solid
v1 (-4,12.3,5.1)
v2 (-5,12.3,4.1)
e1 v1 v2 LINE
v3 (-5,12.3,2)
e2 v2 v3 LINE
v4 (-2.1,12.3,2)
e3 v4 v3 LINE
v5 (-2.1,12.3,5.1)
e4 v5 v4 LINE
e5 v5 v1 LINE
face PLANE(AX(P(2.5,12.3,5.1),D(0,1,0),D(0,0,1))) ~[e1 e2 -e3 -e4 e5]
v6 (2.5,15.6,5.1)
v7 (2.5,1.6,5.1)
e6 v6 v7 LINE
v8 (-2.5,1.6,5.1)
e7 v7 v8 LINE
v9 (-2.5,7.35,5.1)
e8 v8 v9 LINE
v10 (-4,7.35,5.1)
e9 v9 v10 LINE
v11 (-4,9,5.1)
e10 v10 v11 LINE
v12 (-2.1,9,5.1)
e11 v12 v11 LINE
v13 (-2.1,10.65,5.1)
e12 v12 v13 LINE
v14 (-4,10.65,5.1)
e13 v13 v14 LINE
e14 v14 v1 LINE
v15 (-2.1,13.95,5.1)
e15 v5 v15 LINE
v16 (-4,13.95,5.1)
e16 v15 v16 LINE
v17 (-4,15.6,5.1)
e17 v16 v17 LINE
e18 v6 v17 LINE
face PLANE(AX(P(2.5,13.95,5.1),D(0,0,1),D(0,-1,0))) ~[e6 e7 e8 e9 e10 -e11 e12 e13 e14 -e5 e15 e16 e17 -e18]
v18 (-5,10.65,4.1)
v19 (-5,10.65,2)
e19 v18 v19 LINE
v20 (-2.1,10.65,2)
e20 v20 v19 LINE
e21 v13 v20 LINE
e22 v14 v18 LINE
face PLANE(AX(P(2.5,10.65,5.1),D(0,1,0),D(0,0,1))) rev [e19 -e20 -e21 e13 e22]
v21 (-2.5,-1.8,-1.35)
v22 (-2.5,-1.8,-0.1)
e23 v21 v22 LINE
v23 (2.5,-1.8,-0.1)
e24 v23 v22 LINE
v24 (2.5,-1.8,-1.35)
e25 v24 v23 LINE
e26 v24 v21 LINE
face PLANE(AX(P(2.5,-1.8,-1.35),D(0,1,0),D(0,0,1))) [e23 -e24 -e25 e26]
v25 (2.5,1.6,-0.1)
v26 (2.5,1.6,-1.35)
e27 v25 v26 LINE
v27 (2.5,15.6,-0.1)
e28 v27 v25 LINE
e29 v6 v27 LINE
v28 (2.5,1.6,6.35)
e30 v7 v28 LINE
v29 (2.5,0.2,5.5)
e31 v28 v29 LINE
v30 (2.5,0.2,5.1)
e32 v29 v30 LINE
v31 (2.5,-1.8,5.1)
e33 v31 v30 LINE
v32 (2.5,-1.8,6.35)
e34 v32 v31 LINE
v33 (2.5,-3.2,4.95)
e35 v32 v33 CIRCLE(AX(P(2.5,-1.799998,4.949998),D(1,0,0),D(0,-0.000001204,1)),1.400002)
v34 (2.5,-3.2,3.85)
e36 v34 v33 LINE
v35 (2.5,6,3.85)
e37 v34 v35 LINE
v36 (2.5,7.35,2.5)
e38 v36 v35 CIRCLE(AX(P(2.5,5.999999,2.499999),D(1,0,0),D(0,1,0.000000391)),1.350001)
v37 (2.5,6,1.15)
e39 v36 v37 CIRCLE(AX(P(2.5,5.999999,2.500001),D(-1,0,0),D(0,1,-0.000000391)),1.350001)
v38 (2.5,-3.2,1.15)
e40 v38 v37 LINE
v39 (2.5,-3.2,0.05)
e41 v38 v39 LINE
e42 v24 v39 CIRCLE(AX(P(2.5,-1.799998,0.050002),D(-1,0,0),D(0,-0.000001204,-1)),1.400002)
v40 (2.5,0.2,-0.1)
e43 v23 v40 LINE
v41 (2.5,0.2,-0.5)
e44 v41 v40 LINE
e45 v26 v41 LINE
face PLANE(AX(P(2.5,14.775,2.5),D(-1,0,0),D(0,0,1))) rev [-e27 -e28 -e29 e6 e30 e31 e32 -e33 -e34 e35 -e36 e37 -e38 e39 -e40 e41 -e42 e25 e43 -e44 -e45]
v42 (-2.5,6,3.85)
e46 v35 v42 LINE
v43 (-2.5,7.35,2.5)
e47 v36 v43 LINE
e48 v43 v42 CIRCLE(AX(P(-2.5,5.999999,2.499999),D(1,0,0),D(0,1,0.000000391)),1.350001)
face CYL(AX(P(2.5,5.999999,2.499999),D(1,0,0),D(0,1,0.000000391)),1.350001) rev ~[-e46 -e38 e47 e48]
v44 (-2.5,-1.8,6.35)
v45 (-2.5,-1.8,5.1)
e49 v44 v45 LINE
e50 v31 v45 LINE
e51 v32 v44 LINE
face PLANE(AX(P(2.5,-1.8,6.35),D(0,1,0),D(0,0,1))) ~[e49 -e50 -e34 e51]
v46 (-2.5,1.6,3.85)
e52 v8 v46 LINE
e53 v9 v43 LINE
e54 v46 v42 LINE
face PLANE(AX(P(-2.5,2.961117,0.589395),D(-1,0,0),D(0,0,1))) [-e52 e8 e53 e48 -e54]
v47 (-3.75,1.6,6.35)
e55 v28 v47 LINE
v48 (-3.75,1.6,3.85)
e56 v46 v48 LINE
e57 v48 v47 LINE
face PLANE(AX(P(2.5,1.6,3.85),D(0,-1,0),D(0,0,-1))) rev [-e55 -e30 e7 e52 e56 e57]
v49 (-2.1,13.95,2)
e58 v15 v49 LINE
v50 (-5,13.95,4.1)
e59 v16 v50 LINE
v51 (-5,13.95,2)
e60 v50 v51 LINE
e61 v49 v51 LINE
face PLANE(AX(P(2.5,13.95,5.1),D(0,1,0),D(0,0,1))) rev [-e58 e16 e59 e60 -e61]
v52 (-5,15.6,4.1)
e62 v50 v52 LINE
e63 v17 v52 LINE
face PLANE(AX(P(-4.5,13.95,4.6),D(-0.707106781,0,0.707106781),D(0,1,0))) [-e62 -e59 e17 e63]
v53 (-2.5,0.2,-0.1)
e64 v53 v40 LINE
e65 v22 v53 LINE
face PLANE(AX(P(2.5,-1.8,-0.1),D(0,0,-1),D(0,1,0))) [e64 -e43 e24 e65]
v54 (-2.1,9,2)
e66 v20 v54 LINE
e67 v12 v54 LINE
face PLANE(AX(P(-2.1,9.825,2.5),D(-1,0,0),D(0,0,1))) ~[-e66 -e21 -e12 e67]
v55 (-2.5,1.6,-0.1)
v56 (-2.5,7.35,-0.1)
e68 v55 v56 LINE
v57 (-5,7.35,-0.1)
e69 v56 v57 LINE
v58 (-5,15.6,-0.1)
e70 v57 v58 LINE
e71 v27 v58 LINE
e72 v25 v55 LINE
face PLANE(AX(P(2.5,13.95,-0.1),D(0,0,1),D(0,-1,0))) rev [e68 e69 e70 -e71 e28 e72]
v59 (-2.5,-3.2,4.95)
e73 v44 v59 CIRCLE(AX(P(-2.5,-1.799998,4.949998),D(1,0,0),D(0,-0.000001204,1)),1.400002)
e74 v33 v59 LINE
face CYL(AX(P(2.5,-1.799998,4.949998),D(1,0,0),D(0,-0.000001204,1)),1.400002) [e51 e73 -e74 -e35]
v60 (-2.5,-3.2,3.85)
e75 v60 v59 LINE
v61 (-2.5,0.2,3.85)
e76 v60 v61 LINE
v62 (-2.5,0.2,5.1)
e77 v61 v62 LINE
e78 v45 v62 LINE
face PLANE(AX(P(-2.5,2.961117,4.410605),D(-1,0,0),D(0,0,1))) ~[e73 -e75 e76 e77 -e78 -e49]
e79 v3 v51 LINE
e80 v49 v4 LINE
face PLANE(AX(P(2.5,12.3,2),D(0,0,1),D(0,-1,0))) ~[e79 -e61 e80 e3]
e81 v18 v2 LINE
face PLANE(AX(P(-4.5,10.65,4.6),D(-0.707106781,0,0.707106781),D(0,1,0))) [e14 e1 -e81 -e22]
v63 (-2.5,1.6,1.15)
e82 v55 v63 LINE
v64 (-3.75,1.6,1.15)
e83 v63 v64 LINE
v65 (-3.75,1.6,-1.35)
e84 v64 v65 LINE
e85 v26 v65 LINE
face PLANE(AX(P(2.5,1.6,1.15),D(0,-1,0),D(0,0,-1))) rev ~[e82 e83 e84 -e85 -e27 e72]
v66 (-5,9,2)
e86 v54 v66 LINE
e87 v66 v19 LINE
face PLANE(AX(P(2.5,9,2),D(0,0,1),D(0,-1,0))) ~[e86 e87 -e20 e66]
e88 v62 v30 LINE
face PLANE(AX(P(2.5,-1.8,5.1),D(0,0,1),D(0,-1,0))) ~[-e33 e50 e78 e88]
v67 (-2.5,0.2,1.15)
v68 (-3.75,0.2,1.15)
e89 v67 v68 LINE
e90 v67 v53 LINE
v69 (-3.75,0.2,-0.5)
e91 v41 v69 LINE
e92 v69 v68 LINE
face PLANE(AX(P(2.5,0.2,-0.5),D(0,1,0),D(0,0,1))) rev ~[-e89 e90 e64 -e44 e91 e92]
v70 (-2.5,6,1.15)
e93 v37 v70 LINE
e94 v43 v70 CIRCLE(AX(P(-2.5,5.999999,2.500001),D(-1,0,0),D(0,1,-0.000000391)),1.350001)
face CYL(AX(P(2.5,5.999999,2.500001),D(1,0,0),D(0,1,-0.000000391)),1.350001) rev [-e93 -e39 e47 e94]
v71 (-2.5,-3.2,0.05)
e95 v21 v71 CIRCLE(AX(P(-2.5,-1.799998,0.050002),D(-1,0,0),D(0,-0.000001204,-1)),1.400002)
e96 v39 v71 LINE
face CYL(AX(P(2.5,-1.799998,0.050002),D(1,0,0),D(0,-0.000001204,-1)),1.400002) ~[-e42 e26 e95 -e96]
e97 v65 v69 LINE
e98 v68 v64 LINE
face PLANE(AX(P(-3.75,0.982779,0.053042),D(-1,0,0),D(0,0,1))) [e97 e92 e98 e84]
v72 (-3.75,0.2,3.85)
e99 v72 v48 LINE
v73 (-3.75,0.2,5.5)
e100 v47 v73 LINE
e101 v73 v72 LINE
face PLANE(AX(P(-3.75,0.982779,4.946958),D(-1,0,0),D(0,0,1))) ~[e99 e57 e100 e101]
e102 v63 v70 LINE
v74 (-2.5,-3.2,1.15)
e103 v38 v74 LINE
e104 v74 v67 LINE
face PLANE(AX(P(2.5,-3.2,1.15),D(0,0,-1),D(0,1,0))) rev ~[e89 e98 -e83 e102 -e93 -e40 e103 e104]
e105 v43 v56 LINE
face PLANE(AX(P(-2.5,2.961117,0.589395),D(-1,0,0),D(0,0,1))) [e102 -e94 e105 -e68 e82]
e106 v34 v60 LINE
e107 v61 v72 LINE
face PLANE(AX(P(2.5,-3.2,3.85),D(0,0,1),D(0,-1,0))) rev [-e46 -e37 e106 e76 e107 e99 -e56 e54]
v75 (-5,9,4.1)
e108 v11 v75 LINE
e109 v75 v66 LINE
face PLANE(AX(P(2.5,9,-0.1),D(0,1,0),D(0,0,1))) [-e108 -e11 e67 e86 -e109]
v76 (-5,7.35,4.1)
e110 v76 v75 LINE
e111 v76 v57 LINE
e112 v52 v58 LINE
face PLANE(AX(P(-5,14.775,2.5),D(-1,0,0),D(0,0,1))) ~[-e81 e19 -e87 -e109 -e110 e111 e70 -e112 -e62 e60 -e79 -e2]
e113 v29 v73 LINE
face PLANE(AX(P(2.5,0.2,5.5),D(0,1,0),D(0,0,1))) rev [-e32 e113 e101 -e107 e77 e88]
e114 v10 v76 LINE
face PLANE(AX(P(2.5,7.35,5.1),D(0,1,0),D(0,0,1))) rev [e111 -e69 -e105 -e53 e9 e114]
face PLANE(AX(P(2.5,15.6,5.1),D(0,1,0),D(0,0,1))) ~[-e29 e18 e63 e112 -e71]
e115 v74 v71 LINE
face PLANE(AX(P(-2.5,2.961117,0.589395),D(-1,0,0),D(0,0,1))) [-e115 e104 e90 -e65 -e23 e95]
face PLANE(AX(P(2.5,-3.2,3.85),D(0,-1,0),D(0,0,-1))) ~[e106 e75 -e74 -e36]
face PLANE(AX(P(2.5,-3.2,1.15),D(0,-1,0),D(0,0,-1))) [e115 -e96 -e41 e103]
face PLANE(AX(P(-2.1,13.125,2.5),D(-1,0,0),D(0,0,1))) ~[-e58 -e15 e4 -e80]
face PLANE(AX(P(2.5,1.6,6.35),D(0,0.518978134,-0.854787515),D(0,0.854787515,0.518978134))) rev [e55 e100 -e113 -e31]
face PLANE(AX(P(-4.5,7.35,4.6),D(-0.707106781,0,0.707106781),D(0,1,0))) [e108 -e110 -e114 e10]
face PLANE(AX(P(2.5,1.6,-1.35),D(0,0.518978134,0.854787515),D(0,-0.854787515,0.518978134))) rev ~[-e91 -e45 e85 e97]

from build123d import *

# Parameters (mm, degrees)
PAD017_DEPTH           = 5
PAD020_DEPTH           = 6.25
SKETCH055_W            = 5.2
SKETCH055_H            = 1.65
PAD025_DEPTH           = 7.5
SKETCH052_W            = 5.2
SKETCH052_H            = 1.65
PAD026_DEPTH           = 4.6
SKETCH053_W            = 2.1
SKETCH053_H            = 1.65
PAD027_DEPTH           = 7.5
SKETCH054_W            = 5.2
SKETCH054_H            = 1.65
PAD028_DEPTH           = 7.5
LINEARPATTERN011_COUNT = 2
LINEARPATTERN011_PITCH = 3.3
CHAMFER001_SIZE        = 1
MIRROR_PLACEMENT_ANGLE = 90


with BuildPart() as bc_c:
    # Sketch034 → Pad017 (new body)
    with BuildSketch(Plane.XY):
        with BuildLine():
            Line((-1.35, -1.8), (-1.35, 6))
            ThreePointArc((0, 7.35), (-0.954594, 6.954594), (-1.35, 6))
            Line((0, 9), (0, 7.35))
            Line((-2.6, 9), (0, 9))
            Line((-2.6, -1.8), (-2.6, 9))
            Line((-3.85, -1.8), (-2.6, -1.8))
            ThreePointArc((-3.85, -1.8), (-3.439949, -2.789949), (-2.45, -3.2))
            Line((-1.35, -3.2), (-2.45, -3.2))
            Line((-1.35, -1.8), (-1.35, -3.2))
        make_face()
    extrude(amount=PAD017_DEPTH)

    # Sketch037 → Pad020 (join)
    with BuildSketch(Plane.XY):
        Polygon((-1.35, 0.2), (-1.35, 1.6), (-2.6, 1.6), (-3.85, 1.6), (-3, 0.2), (-2.6, 0.2), align=None)
    extrude(amount=PAD020_DEPTH)


with BuildPart() as bc_s_mirrored:
    # Mirror001: instance of _bc_c
    add(bc_c.part.mirror(Plane(origin=(0, 0, 0), x_dir=(0, 1, 0), z_dir=(-1, 0, 0))))


with BuildPart() as body014:
    # Fusion001 base: copy of _bc_c
    add(bc_c.part)

    # Fusion001: union _bc_s(mirrored)
    add(bc_s_mirrored.part)

    # Sketch055 → Pad025 (new body)
    with BuildSketch(Plane.XY):
        with Locations((0, 8.175)):
            Rectangle(SKETCH055_W, SKETCH055_H)
    extrude(amount=PAD025_DEPTH)

    # Sketch052 → Pad026 (join)
    with BuildSketch(Plane.XY):
        with Locations((0, 9.825)):
            Rectangle(SKETCH052_W, SKETCH052_H)
    pad026 = extrude(amount=PAD026_DEPTH)

    # Sketch053 → Pad027 (join)
    with BuildSketch(Plane.XY):
        with Locations((1.55, 9.825)):
            Rectangle(SKETCH053_W, SKETCH053_H)
    pad027 = extrude(amount=PAD027_DEPTH)

    # Sketch054 → Pad028 (join)
    with BuildSketch(Plane.XY):
        with Locations((0, 11.475)):
            Rectangle(SKETCH054_W, SKETCH054_H)
    pad028 = extrude(amount=PAD028_DEPTH)

    # LinearPattern011: Pad026, Pad027, Pad028 ×2
    with Locations(*[(0, i * LINEARPATTERN011_PITCH, 0) for i in range(1, LINEARPATTERN011_COUNT)]):
        add(pad026)
        add(pad027)
        add(pad028)

    # Chamfer001
    chamfer001_edges = [body014.edges().sort_by_distance(p)[0] for p in [
        (-2.6, 14.775, 7.5),
        (-2.6, 11.475, 7.5),
        (-2.6, 8.175, 7.5),
    ]]
    chamfer(chamfer001_edges, length=CHAMFER001_SIZE)


with BuildPart() as mirror:
    # Mirror: instance of Body014
    add(body014.part.mirror(Plane(origin=(0, 0, 0), x_dir=(0, -1, 0), z_dir=(1, 0, 0))))


with BuildPart() as mirror_1:
    # Mirror placement: moved
    add(mirror.part.moved(Location((2.5, 0, 2.5))).rotate(Axis((2.5, 0, 2.5), (0, -1, 0)), MIRROR_PLACEMENT_ANGLE))


solid = mirror_1.part
